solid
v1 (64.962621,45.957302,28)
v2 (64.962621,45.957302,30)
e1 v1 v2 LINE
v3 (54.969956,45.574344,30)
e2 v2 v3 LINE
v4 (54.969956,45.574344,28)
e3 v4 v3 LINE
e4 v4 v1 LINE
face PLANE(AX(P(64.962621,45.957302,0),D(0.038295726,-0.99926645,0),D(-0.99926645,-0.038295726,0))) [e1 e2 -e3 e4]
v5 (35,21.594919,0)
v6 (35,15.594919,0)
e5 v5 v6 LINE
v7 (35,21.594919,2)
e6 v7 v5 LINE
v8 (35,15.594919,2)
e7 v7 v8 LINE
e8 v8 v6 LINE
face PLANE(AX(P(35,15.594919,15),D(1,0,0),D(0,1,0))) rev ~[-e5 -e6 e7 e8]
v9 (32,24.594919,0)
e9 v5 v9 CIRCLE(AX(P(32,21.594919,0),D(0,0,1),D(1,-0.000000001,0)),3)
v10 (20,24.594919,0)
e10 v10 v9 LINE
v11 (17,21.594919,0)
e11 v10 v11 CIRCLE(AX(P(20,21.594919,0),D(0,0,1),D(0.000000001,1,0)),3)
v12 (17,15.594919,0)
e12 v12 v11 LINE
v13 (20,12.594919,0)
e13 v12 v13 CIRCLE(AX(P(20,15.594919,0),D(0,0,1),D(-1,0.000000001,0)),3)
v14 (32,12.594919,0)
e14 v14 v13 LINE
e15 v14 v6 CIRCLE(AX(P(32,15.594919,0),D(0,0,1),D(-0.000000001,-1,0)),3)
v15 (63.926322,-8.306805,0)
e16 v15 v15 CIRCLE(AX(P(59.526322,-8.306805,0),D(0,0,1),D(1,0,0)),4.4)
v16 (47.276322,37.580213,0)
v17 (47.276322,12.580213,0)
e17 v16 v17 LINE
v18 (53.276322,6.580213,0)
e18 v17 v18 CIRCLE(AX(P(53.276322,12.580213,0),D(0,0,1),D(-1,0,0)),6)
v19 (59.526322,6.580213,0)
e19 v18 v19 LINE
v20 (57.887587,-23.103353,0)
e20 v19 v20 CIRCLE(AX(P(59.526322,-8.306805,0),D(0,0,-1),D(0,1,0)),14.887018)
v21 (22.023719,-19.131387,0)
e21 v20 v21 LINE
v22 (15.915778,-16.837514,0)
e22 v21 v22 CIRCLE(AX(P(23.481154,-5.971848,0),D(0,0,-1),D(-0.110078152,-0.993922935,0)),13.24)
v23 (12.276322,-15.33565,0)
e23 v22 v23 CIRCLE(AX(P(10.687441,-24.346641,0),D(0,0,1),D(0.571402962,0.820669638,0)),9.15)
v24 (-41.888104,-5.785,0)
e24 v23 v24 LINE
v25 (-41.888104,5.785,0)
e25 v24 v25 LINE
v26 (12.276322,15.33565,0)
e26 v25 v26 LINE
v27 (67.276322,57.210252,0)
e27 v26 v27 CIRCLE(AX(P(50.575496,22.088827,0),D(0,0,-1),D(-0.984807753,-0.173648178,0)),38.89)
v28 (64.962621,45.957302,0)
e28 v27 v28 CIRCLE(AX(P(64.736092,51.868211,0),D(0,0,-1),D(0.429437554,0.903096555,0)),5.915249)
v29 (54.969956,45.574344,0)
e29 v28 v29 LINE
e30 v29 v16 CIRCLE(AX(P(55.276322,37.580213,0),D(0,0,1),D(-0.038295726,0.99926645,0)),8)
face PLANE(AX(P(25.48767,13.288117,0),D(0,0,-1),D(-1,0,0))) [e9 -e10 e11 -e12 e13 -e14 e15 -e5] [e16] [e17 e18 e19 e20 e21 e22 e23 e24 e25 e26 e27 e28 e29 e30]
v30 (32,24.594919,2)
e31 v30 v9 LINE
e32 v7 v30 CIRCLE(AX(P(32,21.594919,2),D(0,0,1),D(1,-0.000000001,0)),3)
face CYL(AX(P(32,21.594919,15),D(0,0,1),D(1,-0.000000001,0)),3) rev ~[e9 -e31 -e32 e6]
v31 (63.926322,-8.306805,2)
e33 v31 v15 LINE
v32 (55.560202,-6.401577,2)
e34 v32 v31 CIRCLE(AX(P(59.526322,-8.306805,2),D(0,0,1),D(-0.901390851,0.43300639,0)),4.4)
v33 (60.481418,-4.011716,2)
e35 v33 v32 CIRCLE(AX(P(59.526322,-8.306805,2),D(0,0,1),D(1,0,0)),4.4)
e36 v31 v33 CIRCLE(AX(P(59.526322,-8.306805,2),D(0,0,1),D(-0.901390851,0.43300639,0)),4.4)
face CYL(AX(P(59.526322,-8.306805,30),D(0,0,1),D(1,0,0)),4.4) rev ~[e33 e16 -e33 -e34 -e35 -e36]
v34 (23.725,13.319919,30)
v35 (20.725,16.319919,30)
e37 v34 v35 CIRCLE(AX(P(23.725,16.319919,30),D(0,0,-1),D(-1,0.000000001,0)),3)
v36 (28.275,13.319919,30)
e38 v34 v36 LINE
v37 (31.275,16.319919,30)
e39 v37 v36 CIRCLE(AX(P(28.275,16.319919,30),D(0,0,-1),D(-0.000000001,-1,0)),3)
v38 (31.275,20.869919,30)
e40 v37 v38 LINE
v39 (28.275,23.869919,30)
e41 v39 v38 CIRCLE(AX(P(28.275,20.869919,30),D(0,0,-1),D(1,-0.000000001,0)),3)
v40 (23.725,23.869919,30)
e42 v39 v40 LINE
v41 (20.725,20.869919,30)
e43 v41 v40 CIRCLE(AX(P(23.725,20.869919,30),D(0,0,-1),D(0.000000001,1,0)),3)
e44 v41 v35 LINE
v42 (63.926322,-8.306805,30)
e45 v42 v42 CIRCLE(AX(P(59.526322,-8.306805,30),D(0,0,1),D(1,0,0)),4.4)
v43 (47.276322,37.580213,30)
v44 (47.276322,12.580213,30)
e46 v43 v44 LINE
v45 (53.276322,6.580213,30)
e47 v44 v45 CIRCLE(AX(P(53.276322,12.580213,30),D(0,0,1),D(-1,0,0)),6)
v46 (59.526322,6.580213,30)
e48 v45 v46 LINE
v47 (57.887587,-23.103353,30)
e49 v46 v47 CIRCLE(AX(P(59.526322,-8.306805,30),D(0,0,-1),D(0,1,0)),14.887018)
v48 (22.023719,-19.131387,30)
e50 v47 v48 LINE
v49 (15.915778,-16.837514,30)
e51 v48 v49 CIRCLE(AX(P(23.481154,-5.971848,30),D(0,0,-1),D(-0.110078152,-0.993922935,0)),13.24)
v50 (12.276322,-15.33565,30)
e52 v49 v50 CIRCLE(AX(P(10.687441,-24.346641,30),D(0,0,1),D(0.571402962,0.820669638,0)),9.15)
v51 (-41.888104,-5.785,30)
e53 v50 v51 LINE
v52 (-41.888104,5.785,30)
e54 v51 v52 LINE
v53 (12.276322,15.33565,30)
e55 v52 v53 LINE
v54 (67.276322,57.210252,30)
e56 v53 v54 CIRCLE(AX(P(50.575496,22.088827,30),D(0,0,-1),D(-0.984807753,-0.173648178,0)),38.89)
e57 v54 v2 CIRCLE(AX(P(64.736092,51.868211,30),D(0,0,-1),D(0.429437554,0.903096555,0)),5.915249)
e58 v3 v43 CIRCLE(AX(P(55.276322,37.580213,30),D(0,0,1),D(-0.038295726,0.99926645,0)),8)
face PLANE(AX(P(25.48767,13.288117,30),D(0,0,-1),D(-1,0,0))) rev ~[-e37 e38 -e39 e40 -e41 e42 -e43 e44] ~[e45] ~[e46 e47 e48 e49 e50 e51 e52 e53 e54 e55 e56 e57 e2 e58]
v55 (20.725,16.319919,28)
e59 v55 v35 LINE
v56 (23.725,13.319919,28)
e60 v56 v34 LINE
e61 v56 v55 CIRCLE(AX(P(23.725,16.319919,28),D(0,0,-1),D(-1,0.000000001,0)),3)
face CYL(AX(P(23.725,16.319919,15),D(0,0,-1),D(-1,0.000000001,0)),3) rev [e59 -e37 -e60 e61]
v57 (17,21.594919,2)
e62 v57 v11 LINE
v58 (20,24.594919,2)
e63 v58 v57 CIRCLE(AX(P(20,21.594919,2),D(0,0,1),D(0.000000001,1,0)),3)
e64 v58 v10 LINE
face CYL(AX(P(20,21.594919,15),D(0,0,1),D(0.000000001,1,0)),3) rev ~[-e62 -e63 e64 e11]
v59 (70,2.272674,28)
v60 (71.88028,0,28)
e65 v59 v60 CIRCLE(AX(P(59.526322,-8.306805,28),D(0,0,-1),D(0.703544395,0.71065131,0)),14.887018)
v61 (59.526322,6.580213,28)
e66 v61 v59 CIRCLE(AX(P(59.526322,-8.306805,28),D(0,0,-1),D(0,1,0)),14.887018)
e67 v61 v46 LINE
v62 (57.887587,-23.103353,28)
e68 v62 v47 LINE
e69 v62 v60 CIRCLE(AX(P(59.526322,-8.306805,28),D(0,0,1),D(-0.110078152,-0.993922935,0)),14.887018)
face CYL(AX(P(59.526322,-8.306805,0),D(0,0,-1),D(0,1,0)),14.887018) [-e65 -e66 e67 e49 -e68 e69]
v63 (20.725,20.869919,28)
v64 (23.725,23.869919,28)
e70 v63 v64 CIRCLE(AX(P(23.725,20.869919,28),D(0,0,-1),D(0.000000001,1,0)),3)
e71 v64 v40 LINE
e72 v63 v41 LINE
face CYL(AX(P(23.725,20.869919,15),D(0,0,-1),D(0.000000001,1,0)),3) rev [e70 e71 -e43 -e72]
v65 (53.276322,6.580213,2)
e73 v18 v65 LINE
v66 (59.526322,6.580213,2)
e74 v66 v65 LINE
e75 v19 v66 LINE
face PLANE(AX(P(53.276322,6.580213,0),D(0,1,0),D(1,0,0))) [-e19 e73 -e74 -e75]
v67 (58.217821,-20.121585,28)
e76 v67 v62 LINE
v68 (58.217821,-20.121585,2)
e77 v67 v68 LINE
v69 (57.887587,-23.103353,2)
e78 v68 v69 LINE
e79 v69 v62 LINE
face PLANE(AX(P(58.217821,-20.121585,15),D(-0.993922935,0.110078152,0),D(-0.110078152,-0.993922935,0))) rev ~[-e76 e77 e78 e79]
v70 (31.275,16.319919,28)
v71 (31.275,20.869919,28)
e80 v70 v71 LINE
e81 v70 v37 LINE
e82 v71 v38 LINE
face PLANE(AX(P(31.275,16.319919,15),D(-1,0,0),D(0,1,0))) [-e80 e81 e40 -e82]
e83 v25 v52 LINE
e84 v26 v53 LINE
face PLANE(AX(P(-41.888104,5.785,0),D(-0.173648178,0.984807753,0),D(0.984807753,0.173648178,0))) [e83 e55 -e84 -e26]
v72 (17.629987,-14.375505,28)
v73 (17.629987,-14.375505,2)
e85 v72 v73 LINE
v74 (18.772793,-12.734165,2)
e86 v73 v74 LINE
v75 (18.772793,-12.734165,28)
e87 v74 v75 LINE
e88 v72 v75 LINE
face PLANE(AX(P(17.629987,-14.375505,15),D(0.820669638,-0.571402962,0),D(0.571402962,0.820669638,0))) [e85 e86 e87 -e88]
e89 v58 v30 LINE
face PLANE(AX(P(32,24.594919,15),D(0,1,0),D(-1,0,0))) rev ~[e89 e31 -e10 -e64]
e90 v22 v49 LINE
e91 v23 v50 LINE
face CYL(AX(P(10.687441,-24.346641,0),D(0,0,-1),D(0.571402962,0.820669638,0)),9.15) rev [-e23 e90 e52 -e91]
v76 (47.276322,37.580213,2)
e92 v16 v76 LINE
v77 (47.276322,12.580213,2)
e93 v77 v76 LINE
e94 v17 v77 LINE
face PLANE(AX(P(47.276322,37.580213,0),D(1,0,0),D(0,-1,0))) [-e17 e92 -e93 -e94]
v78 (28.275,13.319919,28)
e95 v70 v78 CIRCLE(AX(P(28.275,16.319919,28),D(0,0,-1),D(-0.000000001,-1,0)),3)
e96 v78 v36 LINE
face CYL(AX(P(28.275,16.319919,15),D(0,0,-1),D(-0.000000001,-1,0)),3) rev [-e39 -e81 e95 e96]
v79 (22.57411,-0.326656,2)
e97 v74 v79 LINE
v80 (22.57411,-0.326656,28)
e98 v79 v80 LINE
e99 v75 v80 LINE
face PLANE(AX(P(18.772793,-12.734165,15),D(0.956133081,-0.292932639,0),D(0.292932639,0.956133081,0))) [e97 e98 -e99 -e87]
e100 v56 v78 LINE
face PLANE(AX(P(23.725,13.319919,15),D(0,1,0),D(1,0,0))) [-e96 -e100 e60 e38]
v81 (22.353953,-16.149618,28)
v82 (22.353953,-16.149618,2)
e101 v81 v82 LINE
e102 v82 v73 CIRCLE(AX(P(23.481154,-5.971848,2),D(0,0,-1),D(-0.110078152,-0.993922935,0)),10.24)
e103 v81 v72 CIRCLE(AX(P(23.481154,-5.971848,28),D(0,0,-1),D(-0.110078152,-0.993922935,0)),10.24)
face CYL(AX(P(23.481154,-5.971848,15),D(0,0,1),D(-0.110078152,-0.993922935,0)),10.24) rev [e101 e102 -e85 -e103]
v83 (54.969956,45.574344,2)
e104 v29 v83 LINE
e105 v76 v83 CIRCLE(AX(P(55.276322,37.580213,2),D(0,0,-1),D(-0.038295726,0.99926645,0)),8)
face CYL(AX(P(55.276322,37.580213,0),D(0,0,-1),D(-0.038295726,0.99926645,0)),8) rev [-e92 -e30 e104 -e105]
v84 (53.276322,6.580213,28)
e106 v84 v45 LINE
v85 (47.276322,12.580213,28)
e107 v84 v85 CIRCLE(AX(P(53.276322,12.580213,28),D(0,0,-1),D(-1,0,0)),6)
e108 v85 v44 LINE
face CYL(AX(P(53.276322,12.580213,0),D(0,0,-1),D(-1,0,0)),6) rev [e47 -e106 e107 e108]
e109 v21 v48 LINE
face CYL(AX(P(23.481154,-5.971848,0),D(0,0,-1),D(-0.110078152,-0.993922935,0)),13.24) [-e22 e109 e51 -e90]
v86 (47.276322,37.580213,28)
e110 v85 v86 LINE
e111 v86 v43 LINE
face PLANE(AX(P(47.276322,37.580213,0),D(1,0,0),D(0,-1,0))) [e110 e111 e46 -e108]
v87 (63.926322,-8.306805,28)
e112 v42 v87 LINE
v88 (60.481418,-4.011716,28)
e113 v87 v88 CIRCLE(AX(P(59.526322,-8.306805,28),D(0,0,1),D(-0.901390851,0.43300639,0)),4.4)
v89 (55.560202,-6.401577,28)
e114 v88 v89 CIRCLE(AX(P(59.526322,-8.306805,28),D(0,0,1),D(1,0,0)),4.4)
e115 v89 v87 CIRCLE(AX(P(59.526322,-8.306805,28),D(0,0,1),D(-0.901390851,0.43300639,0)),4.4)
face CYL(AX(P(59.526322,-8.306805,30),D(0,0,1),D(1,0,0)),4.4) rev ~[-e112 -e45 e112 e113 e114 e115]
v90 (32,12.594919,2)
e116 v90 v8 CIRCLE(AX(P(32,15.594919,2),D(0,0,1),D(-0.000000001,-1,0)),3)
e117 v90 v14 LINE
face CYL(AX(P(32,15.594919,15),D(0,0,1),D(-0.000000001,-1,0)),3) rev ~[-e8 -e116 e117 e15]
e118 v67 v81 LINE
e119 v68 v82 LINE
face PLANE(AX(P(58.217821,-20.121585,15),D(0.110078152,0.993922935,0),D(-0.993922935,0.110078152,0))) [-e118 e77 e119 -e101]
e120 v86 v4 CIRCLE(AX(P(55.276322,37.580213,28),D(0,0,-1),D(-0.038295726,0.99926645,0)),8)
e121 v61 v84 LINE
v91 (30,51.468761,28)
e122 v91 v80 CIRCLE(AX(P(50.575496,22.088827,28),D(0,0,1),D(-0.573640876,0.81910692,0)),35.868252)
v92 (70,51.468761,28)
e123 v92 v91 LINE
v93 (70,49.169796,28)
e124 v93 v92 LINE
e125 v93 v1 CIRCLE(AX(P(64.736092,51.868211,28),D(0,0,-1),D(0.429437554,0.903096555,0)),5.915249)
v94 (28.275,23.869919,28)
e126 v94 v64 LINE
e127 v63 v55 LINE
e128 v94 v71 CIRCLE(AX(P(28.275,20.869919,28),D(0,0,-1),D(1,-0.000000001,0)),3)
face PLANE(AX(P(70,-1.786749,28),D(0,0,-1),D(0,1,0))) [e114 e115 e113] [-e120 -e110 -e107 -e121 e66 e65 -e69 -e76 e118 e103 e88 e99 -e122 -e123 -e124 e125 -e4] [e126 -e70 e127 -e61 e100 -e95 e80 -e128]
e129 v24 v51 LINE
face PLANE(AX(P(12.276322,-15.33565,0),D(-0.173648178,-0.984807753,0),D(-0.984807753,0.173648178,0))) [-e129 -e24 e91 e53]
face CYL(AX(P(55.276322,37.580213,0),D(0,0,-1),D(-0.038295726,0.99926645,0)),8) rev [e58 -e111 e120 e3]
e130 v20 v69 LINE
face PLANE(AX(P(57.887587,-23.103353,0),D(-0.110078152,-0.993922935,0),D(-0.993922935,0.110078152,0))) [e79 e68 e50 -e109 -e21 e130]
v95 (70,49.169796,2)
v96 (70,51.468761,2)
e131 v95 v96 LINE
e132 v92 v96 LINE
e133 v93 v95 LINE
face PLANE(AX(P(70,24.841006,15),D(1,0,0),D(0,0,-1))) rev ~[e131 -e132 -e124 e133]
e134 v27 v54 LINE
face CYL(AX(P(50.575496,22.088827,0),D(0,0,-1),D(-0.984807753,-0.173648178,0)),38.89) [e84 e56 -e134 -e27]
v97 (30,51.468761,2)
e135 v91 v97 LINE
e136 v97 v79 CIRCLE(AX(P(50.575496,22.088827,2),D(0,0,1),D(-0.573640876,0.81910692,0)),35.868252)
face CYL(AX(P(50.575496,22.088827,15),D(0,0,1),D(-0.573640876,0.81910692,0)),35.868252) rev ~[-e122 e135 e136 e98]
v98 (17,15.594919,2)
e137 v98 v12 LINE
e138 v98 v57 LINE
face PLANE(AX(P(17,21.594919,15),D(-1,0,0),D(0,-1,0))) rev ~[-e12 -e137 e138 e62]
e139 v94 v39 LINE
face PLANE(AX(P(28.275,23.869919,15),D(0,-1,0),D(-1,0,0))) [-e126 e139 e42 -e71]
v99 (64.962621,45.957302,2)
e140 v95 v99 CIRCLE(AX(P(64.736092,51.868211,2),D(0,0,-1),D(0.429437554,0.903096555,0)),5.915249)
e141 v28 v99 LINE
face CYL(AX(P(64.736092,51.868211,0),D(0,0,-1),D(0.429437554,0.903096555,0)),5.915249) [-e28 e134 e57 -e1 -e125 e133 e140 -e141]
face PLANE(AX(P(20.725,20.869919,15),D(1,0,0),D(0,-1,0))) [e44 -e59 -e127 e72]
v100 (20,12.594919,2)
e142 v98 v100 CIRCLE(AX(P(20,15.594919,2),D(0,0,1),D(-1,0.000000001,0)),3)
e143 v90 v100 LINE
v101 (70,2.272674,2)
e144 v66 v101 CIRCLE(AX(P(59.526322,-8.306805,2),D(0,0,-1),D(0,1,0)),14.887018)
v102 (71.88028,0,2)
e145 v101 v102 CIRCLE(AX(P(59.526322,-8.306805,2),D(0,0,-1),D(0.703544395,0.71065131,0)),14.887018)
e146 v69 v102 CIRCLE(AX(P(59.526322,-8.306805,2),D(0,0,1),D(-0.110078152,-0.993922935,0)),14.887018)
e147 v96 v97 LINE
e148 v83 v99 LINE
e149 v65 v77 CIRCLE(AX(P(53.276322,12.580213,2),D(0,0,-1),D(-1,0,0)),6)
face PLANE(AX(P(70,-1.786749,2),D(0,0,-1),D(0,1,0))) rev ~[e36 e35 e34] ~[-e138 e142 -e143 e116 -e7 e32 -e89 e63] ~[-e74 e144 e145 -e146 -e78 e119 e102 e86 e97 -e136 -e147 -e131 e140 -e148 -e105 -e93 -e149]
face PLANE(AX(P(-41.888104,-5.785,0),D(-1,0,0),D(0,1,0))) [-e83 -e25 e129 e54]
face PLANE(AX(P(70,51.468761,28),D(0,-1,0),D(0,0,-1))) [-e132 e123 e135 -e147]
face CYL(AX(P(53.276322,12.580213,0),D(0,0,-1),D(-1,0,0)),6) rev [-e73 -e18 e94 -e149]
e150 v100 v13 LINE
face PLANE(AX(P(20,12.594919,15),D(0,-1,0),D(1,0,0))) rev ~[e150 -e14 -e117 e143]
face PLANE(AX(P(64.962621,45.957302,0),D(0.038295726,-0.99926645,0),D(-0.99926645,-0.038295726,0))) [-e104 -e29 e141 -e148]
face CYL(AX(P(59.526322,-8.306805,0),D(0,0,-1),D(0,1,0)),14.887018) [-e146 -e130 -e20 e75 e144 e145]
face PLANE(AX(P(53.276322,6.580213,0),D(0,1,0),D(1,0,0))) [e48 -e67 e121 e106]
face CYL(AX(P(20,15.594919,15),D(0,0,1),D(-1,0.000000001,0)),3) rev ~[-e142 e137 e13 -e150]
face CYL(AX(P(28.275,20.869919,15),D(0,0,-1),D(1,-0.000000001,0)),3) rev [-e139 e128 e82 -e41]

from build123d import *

# Parameters (mm, degrees)
BOSS_EXTRUDE1_DEPTH = 30
SKETCH2_R           = 4.4
CUT_EXTRUDE1_DEPTH  = 101.775803332
SKETCH4_W           = 26
SKETCH4_H           = 53.255509589
CUT_EXTRUDE2_DEPTH  = 40
CUT_EXTRUDE3_DEPTH  = 13
CUT_EXTRUDE4_DEPTH  = 22
CUT_EXTRUDE5_DEPTH  = 29
CUT_EXTRUDE6_DEPTH  = 13
CUT_EXTRUDE7_DEPTH  = 13
CUT_EXTRUDE8_DEPTH  = 13
CUT_EXTRUDE9_DEPTH  = 13


with BuildPart() as part:
    # Sketch1 → Boss-Extrude1 (new body)
    with BuildSketch(Plane.XY):
        with BuildLine():
            Line((-41.88810428, 5.785), (12.276322136, 15.335649772))
            ThreePointArc((12.276322136, 15.335649772), (27.01721186, 53.031344507), (67.276322136, 57.210252411))
            ThreePointArc((67.276322136, 57.210252411), (70.530137672, 50.676906919), (64.962620823, 45.957301533))
            Line((64.962620823, 45.957301533), (54.969956327, 45.574344273))
            ThreePointArc((54.969956327, 45.574344273), (49.512168838, 43.127692894), (47.276322136, 37.580212676))
            Line((47.276322136, 37.580212676), (47.276322136, 12.580212676))
            ThreePointArc((47.276322136, 12.580212676), (49.033681448, 8.337571989), (53.276322136, 6.580212676))
            Line((53.276322136, 6.580212676), (59.526322136, 6.580212676))
            ThreePointArc((59.526322136, 6.580212676), (74.390705288, -9.127420407), (57.887586742, -23.103353356))
            Line((57.887586742, -23.103353356), (22.023718903, -19.131387173))
            ThreePointArc((22.023718903, -19.131387173), (18.826238067, -18.366578697), (15.915778413, -16.837513523))
            ThreePointArc((15.915778413, -16.837513523), (14.177787103, -15.888509343), (12.276322136, -15.335649772))
            Line((12.276322136, -15.335649772), (-41.88810428, -5.785))
            Line((-41.88810428, -5.785), (-41.88810428, 5.785))
        make_face()
    extrude(amount=BOSS_EXTRUDE1_DEPTH)

    # Sketch2 → Cut-Extrude1 (cut, through all)
    with BuildSketch(Plane.XY.offset(30)):
        with Locations((59.526322136, -8.306805028)):
            Circle(SKETCH2_R)
    extrude(amount=-CUT_EXTRUDE1_DEPTH, mode=Mode.SUBTRACT)

    # Sketch4 → Cut-Extrude2 (cut)
    with BuildSketch(Plane(origin=(70, 0, 0), x_dir=(0, 0, -1), z_dir=(1, 0, 0))):
        with Locations((-15, 24.841006249)):
            Rectangle(SKETCH4_W, SKETCH4_H)
    extrude(amount=-CUT_EXTRUDE2_DEPTH, mode=Mode.SUBTRACT)

    # Sketch5 → Cut-Extrude3 (cut, symmetric)
    with BuildSketch(Plane.XY.offset(15)):
        with BuildLine():
            ThreePointArc((30, 51.468761043), (14.752383127, 23.887752406), (27.160195833, -5.082025668))
            add(Edge.make_bspline(
                [(27.160195833, -5.082025668), (28.094948904, -5.887577241), (30.586732107, -8.19455625), (37.238701336, -9.917559519), (48.959505276, -8.540216128), (58.394612416, -6.238640535), (63.488820328, -1.786748546)],
                knots=[0, 0, 0, 0, 0.09340361, 0.26111983, 0.503691176, 1, 1, 1, 1], degree=3))
            Line((63.488820328, -1.786748546), (35, -1.786748546))
            ThreePointArc((35, -1.786748546), (31.464466094, -0.322282452), (30, 3.213251454))
            Line((30, 3.213251454), (30, 51.468761043))
        make_face()
    extrude(amount=CUT_EXTRUDE3_DEPTH, both=True, mode=Mode.SUBTRACT)

    # Sketch6 → Cut-Extrude4 (cut)
    with BuildSketch(Plane.XY.offset(15)):
        with BuildLine():
            Line((32, 24.594919279), (20, 24.594919279))
            ThreePointArc((20, 24.594919279), (17.878679656, 23.716239623), (17, 21.594919279))
            Line((17, 21.594919279), (17, 15.594919279))
            ThreePointArc((17, 15.594919279), (17.878679656, 13.473598935), (20, 12.594919279))
            Line((20, 12.594919279), (32, 12.594919279))
            ThreePointArc((32, 12.594919279), (34.121320344, 13.473598935), (35, 15.594919279))
            Line((35, 15.594919279), (35, 21.594919279))
            ThreePointArc((35, 21.594919279), (34.121320344, 23.716239623), (32, 24.594919279))
        make_face()
    extrude(amount=-CUT_EXTRUDE4_DEPTH, mode=Mode.SUBTRACT)

    # Sketch7 → Cut-Extrude5 (cut)
    with BuildSketch(Plane.XY.offset(15)):
        with BuildLine():
            Line((28.275, 23.869919279), (23.725, 23.869919279))
            ThreePointArc((23.725, 23.869919279), (21.603679656, 22.991239623), (20.725, 20.869919279))
            Line((20.725, 20.869919279), (20.725, 16.319919279))
            ThreePointArc((20.725, 16.319919279), (21.603679656, 14.198598935), (23.725, 13.319919279))
            Line((23.725, 13.319919279), (28.275, 13.319919279))
            ThreePointArc((28.275, 13.319919279), (30.396320344, 14.198598935), (31.275, 16.319919279))
            Line((31.275, 16.319919279), (31.275, 20.869919279))
            ThreePointArc((31.275, 20.869919279), (30.396320344, 22.991239623), (28.275, 23.869919279))
        make_face()
    extrude(amount=CUT_EXTRUDE5_DEPTH, mode=Mode.SUBTRACT)

    # Sketch9 → Cut-Extrude6 (cut, symmetric)
    with BuildSketch(Plane.XY.offset(15)):
        with BuildLine():
            add(Edge.make_bspline(
                [(27.160195833, -5.082025668), (28.094948904, -5.887577241), (30.586732107, -8.19455625), (37.238701336, -9.917559519), (45.927597, -8.896503874), (52.39349387, -7.580878177), (55.560202392, -6.40157691)],
                knots=[0, 0, 0, 0, 0.09340361, 0.26111983, 0.503691176, 0.765483911, 0.765483911, 0.765483911, 0.765483911], degree=3))
            ThreePointArc((55.560202392, -6.40157691), (61.448410701, -12.264781222), (60.481418473, -4.011715857))
            add(Edge.make_bspline(
                [(60.481418473, -4.011715857), (61.522798548, -3.362828802), (62.527928844, -2.626483629), (63.488820328, -1.786748546)],
                knots=[0.906384087, 0.906384087, 0.906384087, 0.906384087, 1, 1, 1, 1], degree=3))
            Line((63.488820328, -1.786748546), (66.958817178, -1.786748546))
            ThreePointArc((66.958817178, -1.786748546), (68.293766616, -12.876819947), (58.4379775, -18.133738682))
            Line((58.4379775, -18.133738682), (22.574109661, -14.161772498))
            ThreePointArc((22.574109661, -14.161772498), (20.584136694, -13.685788976), (18.772793224, -12.734165333))
            Line((18.772793224, -12.734165333), (22.574109661, -0.326656193))
            Line((22.574109661, -0.326656193), (27.160195833, -5.082025668))
        make_face()
    extrude(amount=CUT_EXTRUDE6_DEPTH, both=True, mode=Mode.SUBTRACT)

    # Sketch10 → Cut-Extrude7 (cut, symmetric)
    with BuildSketch(Plane.XY.offset(15)):
        with BuildLine():
            Line((66.958817178, -1.786748546), (70, -1.786748546))
            Line((70, -1.786748546), (70.49467045, -3.724608486))
            ThreePointArc((70.49467045, -3.724608486), (69.041750074, -15.431257361), (58.217821197, -20.121584551))
            Line((58.217821197, -20.121584551), (22.353953358, -16.149618368))
            ThreePointArc((22.353953358, -16.149618368), (19.880977243, -15.558104864), (17.6299873, -14.375504609))
            Line((17.6299873, -14.375504609), (18.772793224, -12.734165333))
            ThreePointArc((18.772793224, -12.734165333), (20.584136694, -13.685788976), (22.574109661, -14.161772498))
            Line((22.574109661, -14.161772498), (58.4379775, -18.133738682))
            ThreePointArc((58.4379775, -18.133738682), (68.293766616, -12.876819947), (66.958817178, -1.786748546))
        make_face()
    extrude(amount=CUT_EXTRUDE7_DEPTH, both=True, mode=Mode.SUBTRACT)

    # Sketch11 → Cut-Extrude8 (cut, symmetric)
    with BuildSketch(Plane.XY.offset(15)):
        with BuildLine():
            Line((58.217821197, -20.121584551), (57.887586742, -23.103353356))
            ThreePointArc((57.887586742, -23.103353356), (72.259948277, -16.01900714), (71.880280462, 0))
            Line((71.880280462, 0), (70, 0))
            Line((70, 0), (70, -1.786748546))
            Line((70, -1.786748546), (70.49467045, -3.724608486))
            ThreePointArc((70.49467045, -3.724608486), (69.041750074, -15.431257361), (58.217821197, -20.121584551))
        make_face()
    extrude(amount=CUT_EXTRUDE8_DEPTH, both=True, mode=Mode.SUBTRACT)

    # Sketch12 → Cut-Extrude9 (cut, symmetric)
    with BuildSketch(Plane.XY.offset(15)):
        with BuildLine():
            Line((70, 0), (70, 2.272673603))
            ThreePointArc((70, 2.272673603), (70.996566459, 1.183020643), (71.880280462, 0))
            Line((71.880280462, 0), (70, 0))
        make_face()
    extrude(amount=CUT_EXTRUDE9_DEPTH, both=True, mode=Mode.SUBTRACT)


solid = part.part
